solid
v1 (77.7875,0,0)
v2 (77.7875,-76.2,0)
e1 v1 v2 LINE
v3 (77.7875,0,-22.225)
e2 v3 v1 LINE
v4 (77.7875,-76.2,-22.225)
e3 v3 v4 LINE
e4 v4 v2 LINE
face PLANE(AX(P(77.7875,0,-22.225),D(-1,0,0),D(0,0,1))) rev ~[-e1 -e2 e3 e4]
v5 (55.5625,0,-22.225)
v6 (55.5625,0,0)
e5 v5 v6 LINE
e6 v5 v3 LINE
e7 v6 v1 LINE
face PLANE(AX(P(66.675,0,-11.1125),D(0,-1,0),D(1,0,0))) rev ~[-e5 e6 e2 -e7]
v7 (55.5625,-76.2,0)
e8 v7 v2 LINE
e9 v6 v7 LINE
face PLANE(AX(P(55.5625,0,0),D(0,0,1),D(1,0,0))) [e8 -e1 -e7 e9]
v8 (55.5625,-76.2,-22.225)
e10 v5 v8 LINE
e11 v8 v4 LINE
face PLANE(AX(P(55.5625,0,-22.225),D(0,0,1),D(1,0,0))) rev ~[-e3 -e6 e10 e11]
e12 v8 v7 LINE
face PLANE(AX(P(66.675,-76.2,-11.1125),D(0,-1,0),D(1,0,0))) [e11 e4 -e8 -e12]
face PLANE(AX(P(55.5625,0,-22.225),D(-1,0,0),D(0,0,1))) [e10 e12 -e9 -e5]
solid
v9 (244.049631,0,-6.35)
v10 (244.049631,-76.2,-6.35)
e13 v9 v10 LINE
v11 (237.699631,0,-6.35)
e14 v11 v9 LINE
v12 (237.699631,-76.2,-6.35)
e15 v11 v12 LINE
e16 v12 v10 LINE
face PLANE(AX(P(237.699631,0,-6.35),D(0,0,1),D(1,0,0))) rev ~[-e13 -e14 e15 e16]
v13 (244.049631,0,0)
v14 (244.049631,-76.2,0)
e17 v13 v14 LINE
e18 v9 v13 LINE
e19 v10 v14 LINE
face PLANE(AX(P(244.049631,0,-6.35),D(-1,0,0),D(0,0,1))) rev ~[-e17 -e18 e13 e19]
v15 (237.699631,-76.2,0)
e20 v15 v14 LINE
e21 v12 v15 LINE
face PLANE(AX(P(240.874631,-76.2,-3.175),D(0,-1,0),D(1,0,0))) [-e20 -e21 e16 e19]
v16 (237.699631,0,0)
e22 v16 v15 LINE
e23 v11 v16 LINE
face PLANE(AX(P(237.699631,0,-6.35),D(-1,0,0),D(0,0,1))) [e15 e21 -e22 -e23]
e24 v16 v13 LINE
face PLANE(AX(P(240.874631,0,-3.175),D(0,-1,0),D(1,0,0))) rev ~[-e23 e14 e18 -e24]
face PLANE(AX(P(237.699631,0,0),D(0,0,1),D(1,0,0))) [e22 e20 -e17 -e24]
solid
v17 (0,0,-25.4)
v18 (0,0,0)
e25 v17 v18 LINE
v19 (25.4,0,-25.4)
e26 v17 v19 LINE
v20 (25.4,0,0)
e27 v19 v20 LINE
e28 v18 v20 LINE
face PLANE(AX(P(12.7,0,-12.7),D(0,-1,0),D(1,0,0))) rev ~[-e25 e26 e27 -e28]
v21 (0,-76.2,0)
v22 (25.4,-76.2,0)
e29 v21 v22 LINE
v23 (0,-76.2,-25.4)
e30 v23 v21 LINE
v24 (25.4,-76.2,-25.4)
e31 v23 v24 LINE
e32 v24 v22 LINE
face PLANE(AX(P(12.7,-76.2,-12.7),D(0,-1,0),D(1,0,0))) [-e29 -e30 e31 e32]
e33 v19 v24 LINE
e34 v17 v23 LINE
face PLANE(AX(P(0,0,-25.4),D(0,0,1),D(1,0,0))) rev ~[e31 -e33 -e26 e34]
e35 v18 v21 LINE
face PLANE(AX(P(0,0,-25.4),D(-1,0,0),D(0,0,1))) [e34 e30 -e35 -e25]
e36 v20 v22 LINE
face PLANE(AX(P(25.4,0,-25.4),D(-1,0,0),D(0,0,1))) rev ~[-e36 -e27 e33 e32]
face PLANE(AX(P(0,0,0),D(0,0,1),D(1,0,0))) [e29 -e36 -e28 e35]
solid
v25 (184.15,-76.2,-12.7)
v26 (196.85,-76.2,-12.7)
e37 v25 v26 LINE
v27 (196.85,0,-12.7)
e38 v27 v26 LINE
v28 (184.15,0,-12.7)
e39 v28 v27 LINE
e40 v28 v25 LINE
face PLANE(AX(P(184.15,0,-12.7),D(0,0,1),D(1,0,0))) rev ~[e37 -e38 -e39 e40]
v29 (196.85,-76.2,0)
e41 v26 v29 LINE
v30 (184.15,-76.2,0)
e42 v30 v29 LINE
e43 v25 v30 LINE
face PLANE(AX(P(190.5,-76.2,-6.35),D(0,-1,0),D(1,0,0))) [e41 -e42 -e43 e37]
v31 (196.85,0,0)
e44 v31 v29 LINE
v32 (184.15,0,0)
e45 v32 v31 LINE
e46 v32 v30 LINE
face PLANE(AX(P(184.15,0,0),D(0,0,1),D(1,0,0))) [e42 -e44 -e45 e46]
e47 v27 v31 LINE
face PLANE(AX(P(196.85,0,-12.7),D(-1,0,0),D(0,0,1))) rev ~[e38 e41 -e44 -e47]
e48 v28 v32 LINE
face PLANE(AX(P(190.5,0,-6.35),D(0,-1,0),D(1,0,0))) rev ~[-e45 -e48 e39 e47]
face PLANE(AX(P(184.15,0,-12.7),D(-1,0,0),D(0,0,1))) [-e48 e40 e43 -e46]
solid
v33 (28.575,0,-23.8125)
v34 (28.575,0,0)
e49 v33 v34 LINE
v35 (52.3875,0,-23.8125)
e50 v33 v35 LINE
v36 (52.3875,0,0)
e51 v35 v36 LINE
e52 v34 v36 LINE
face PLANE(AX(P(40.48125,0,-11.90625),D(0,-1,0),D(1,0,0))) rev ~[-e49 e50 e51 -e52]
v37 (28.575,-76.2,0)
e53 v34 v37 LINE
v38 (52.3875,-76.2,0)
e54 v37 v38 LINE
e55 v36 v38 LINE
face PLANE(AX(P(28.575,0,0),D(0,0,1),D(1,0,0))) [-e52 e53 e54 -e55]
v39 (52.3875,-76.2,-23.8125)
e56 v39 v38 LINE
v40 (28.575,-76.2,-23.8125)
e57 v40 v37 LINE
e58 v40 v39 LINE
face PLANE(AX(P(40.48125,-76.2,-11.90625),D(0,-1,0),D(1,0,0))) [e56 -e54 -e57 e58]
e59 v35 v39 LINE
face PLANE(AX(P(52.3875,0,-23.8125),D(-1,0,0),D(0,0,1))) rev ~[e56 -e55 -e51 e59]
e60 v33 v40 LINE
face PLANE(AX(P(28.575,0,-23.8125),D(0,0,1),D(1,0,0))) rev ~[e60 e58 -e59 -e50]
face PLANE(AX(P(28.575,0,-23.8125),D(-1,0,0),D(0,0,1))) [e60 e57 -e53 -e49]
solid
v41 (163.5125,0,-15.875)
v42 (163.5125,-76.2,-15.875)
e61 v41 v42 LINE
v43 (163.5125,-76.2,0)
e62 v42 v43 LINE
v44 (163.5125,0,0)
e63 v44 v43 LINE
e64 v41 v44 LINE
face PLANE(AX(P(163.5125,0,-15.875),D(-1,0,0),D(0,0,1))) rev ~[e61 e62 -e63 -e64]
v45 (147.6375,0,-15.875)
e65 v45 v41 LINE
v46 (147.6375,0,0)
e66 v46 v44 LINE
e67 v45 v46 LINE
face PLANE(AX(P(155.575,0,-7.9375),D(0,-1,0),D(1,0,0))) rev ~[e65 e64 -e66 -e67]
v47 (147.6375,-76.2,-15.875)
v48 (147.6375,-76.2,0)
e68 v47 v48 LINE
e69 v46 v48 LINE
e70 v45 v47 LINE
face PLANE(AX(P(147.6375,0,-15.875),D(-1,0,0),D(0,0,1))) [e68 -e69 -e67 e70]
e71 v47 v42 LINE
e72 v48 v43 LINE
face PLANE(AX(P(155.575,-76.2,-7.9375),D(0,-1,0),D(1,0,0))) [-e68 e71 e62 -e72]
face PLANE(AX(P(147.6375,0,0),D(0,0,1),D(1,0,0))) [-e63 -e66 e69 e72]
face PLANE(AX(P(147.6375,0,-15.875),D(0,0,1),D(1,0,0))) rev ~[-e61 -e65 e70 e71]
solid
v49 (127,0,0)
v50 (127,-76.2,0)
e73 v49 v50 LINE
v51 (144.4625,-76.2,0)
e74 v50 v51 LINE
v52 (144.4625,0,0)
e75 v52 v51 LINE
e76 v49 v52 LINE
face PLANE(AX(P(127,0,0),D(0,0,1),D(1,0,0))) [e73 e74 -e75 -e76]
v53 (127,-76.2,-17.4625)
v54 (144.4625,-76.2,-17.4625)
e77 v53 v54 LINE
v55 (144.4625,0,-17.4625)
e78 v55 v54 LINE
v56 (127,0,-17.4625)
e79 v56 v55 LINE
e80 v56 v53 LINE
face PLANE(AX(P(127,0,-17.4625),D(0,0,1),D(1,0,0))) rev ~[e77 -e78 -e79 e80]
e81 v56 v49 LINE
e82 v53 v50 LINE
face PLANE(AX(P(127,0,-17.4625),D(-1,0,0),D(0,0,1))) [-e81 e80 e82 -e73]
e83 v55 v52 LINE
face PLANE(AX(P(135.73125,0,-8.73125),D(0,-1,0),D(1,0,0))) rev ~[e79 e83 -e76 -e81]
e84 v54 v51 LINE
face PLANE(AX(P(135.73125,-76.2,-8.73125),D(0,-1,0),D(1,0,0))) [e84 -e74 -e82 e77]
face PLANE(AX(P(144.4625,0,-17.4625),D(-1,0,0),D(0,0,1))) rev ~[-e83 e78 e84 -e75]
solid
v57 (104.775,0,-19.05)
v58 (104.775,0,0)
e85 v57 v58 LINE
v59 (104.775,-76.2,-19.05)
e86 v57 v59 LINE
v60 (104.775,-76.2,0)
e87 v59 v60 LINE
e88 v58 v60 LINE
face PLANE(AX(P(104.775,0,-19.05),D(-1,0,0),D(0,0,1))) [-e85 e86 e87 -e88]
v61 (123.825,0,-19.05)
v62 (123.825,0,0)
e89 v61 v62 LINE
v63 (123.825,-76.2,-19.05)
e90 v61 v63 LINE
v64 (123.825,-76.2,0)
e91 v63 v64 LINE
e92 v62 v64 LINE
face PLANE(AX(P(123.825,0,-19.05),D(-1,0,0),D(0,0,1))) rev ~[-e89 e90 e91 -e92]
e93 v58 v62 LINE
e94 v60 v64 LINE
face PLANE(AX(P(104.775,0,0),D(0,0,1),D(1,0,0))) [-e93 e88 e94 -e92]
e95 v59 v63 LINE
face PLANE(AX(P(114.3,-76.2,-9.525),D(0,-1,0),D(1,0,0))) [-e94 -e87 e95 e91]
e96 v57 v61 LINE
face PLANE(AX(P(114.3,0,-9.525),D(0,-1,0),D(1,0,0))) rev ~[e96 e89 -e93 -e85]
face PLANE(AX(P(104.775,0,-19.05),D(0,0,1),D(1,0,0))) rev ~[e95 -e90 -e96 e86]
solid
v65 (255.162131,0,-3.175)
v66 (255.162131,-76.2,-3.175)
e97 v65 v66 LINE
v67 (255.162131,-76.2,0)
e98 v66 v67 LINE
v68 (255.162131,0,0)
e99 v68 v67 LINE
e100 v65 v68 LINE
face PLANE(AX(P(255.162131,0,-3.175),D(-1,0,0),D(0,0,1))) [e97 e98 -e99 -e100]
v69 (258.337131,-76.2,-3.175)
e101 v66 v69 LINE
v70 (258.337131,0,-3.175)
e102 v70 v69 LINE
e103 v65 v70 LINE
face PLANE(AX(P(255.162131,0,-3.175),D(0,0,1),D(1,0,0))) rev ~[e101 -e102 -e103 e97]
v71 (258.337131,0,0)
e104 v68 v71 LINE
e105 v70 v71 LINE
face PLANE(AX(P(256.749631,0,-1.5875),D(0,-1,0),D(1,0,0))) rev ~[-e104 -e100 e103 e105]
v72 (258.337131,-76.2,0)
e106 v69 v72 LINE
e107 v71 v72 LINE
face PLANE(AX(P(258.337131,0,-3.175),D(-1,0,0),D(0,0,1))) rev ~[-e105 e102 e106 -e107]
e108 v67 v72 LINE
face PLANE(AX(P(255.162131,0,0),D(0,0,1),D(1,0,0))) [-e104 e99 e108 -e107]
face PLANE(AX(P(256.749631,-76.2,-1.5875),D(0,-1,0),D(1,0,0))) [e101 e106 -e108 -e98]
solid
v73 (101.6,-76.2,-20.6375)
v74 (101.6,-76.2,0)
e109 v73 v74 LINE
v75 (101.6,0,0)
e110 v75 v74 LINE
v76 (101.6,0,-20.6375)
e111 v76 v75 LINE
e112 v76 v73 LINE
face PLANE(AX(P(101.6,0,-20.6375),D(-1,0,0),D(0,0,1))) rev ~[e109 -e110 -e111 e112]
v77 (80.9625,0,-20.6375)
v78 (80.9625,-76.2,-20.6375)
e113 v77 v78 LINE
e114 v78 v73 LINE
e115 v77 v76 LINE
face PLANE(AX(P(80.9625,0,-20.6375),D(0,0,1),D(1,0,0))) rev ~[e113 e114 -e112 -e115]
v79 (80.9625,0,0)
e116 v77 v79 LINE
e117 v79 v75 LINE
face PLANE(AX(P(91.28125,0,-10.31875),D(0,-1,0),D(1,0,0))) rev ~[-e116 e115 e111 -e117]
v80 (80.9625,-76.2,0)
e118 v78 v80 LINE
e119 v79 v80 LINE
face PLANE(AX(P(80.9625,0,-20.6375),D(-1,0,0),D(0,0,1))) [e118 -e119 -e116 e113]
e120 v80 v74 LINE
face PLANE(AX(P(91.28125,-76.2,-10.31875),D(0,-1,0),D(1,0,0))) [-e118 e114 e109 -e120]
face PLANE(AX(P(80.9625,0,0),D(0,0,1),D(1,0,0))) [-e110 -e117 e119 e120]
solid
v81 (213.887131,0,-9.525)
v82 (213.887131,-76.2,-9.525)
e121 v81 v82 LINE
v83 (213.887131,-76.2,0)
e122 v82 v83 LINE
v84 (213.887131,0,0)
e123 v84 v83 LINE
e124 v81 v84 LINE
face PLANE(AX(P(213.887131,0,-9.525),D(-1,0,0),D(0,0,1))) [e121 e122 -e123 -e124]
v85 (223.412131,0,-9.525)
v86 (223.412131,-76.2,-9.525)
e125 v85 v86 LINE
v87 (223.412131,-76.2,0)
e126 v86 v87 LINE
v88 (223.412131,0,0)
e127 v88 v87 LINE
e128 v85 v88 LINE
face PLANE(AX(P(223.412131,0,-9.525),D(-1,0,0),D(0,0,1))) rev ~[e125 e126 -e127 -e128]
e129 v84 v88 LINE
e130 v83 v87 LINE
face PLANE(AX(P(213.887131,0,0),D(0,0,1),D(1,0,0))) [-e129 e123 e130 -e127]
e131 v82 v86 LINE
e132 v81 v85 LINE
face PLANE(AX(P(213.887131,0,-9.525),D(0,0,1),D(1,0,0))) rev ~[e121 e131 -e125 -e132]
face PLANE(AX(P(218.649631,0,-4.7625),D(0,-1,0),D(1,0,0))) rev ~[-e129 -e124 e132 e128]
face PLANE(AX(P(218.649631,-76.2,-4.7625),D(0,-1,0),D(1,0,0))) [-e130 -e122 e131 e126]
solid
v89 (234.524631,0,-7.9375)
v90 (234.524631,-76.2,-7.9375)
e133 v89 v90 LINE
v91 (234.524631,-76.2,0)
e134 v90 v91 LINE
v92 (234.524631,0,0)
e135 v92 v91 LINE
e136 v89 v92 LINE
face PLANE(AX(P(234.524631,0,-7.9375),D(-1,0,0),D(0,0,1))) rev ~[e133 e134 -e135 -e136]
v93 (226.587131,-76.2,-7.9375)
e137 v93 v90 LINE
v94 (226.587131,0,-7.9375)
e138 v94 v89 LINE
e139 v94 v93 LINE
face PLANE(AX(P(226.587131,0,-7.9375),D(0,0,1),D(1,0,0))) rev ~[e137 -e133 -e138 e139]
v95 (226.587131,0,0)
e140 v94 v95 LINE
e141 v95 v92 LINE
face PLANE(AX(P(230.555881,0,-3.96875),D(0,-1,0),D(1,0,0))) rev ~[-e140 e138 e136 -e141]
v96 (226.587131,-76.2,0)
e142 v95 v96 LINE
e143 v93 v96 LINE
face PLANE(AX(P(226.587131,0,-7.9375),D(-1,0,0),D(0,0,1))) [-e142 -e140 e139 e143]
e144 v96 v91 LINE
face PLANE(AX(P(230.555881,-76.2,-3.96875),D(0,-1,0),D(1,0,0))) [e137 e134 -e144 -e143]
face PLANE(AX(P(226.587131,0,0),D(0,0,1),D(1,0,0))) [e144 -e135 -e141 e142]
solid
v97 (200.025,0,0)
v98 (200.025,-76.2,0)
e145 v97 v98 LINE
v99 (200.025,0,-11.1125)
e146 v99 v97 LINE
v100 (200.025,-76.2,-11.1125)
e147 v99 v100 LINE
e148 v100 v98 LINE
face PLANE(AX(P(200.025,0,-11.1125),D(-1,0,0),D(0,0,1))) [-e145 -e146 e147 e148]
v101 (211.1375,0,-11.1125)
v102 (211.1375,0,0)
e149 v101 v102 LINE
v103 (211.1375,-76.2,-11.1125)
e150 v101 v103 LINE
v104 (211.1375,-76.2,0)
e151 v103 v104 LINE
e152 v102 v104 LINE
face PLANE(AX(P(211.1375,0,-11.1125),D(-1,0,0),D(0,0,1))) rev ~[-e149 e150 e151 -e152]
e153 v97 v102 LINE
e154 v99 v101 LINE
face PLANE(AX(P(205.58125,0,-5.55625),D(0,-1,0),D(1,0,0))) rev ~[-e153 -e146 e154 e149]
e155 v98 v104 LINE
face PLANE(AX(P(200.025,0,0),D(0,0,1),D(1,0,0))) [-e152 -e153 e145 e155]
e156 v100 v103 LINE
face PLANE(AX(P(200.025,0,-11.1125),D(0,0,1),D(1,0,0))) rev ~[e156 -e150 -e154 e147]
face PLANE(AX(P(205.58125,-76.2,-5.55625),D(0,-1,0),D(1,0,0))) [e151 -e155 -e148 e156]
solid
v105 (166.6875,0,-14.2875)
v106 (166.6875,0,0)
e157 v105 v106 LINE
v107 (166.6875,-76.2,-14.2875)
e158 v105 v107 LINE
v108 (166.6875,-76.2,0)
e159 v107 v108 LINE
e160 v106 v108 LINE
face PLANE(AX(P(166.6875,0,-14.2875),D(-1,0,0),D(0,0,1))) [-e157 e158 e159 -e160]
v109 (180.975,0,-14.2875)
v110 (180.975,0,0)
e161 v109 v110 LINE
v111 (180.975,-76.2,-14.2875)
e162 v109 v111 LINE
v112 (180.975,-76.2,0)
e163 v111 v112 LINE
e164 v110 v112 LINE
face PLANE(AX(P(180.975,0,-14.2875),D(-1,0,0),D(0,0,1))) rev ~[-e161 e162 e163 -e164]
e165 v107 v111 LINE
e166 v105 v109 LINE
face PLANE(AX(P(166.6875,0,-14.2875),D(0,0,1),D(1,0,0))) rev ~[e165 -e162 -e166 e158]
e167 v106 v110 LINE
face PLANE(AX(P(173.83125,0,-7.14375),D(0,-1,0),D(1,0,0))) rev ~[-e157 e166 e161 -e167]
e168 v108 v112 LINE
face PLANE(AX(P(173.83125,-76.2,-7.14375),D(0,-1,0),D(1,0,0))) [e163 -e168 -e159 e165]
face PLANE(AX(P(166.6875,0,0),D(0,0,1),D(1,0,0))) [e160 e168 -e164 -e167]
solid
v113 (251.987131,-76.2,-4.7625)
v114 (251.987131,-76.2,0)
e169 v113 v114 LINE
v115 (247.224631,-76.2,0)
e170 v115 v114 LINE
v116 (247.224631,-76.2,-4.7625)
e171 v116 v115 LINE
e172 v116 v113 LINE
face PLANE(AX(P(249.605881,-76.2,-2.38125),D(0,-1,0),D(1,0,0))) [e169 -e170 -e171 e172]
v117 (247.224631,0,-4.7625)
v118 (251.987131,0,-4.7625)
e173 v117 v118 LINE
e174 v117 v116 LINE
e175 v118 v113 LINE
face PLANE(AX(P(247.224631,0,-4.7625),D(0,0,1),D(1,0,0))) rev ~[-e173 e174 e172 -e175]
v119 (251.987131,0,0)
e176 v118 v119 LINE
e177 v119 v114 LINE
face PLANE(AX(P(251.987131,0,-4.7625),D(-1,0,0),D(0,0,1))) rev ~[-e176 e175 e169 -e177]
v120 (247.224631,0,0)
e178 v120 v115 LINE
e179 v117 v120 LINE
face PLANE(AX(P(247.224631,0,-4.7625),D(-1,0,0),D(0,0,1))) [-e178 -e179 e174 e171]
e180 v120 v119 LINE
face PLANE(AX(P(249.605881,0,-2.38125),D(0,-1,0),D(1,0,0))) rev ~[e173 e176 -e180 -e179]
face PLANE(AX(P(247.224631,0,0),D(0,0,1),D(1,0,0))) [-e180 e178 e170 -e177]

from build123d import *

# Parameters (mm, degrees)
F0_W     = 25.4
F0_H     = 25.4
F0_W_2   = 23.8125
F0_H_2   = 23.8125
F0_W_3   = 22.225
F0_H_3   = 22.225
F0_W_4   = 20.6375
F0_H_4   = 20.6375
F0_W_5   = 19.05
F0_H_5   = 19.05
F0_W_6   = 17.4625
F0_H_6   = 17.4625
F0_W_7   = 15.875
F0_H_7   = 15.875
F0_W_8   = 14.2875
F0_H_8   = 14.2875
F0_W_9   = 12.7
F0_H_9   = 12.7
F0_W_10  = 11.1125
F0_H_10  = 11.1125
F0_W_11  = 9.525
F0_H_11  = 9.525
F0_W_12  = 7.9375
F0_H_12  = 7.9375
F0_W_13  = 6.35
F0_H_13  = 6.35
F0_W_14  = 4.7625
F0_H_14  = 4.7625
F0_W_15  = 3.175
F0_H_15  = 3.175
F1_DEPTH = 76.2


with BuildPart() as f1:
    # F0 (on Front) → F1 (new body)
    with BuildSketch(Plane.XZ):
        with Locations((12.7, -12.7)):
            Rectangle(F0_W, F0_H)
        with Locations((40.48125, -11.90625)):
            Rectangle(F0_W_2, F0_H_2)
        with Locations((66.675, -11.1125)):
            Rectangle(F0_W_3, F0_H_3)
        with Locations((91.28125, -10.31875)):
            Rectangle(F0_W_4, F0_H_4)
        with Locations((114.3, -9.525)):
            Rectangle(F0_W_5, F0_H_5)
        with Locations((135.73125, -8.73125)):
            Rectangle(F0_W_6, F0_H_6)
        with Locations((155.575, -7.9375)):
            Rectangle(F0_W_7, F0_H_7)
        with Locations((173.83125, -7.14375)):
            Rectangle(F0_W_8, F0_H_8)
        with Locations((190.5, -6.35)):
            Rectangle(F0_W_9, F0_H_9)
        with Locations((205.58125, -5.55625)):
            Rectangle(F0_W_10, F0_H_10)
        with Locations((218.649631, -4.7625)):
            Rectangle(F0_W_11, F0_H_11)
        with Locations((230.555881, -3.96875)):
            Rectangle(F0_W_12, F0_H_12)
        with Locations((240.874631, -3.175)):
            Rectangle(F0_W_13, F0_H_13)
        with Locations((249.605881, -2.38125)):
            Rectangle(F0_W_14, F0_H_14)
        with Locations((256.749631, -1.5875)):
            Rectangle(F0_W_15, F0_H_15)
    extrude(amount=F1_DEPTH)


solid = f1.part
